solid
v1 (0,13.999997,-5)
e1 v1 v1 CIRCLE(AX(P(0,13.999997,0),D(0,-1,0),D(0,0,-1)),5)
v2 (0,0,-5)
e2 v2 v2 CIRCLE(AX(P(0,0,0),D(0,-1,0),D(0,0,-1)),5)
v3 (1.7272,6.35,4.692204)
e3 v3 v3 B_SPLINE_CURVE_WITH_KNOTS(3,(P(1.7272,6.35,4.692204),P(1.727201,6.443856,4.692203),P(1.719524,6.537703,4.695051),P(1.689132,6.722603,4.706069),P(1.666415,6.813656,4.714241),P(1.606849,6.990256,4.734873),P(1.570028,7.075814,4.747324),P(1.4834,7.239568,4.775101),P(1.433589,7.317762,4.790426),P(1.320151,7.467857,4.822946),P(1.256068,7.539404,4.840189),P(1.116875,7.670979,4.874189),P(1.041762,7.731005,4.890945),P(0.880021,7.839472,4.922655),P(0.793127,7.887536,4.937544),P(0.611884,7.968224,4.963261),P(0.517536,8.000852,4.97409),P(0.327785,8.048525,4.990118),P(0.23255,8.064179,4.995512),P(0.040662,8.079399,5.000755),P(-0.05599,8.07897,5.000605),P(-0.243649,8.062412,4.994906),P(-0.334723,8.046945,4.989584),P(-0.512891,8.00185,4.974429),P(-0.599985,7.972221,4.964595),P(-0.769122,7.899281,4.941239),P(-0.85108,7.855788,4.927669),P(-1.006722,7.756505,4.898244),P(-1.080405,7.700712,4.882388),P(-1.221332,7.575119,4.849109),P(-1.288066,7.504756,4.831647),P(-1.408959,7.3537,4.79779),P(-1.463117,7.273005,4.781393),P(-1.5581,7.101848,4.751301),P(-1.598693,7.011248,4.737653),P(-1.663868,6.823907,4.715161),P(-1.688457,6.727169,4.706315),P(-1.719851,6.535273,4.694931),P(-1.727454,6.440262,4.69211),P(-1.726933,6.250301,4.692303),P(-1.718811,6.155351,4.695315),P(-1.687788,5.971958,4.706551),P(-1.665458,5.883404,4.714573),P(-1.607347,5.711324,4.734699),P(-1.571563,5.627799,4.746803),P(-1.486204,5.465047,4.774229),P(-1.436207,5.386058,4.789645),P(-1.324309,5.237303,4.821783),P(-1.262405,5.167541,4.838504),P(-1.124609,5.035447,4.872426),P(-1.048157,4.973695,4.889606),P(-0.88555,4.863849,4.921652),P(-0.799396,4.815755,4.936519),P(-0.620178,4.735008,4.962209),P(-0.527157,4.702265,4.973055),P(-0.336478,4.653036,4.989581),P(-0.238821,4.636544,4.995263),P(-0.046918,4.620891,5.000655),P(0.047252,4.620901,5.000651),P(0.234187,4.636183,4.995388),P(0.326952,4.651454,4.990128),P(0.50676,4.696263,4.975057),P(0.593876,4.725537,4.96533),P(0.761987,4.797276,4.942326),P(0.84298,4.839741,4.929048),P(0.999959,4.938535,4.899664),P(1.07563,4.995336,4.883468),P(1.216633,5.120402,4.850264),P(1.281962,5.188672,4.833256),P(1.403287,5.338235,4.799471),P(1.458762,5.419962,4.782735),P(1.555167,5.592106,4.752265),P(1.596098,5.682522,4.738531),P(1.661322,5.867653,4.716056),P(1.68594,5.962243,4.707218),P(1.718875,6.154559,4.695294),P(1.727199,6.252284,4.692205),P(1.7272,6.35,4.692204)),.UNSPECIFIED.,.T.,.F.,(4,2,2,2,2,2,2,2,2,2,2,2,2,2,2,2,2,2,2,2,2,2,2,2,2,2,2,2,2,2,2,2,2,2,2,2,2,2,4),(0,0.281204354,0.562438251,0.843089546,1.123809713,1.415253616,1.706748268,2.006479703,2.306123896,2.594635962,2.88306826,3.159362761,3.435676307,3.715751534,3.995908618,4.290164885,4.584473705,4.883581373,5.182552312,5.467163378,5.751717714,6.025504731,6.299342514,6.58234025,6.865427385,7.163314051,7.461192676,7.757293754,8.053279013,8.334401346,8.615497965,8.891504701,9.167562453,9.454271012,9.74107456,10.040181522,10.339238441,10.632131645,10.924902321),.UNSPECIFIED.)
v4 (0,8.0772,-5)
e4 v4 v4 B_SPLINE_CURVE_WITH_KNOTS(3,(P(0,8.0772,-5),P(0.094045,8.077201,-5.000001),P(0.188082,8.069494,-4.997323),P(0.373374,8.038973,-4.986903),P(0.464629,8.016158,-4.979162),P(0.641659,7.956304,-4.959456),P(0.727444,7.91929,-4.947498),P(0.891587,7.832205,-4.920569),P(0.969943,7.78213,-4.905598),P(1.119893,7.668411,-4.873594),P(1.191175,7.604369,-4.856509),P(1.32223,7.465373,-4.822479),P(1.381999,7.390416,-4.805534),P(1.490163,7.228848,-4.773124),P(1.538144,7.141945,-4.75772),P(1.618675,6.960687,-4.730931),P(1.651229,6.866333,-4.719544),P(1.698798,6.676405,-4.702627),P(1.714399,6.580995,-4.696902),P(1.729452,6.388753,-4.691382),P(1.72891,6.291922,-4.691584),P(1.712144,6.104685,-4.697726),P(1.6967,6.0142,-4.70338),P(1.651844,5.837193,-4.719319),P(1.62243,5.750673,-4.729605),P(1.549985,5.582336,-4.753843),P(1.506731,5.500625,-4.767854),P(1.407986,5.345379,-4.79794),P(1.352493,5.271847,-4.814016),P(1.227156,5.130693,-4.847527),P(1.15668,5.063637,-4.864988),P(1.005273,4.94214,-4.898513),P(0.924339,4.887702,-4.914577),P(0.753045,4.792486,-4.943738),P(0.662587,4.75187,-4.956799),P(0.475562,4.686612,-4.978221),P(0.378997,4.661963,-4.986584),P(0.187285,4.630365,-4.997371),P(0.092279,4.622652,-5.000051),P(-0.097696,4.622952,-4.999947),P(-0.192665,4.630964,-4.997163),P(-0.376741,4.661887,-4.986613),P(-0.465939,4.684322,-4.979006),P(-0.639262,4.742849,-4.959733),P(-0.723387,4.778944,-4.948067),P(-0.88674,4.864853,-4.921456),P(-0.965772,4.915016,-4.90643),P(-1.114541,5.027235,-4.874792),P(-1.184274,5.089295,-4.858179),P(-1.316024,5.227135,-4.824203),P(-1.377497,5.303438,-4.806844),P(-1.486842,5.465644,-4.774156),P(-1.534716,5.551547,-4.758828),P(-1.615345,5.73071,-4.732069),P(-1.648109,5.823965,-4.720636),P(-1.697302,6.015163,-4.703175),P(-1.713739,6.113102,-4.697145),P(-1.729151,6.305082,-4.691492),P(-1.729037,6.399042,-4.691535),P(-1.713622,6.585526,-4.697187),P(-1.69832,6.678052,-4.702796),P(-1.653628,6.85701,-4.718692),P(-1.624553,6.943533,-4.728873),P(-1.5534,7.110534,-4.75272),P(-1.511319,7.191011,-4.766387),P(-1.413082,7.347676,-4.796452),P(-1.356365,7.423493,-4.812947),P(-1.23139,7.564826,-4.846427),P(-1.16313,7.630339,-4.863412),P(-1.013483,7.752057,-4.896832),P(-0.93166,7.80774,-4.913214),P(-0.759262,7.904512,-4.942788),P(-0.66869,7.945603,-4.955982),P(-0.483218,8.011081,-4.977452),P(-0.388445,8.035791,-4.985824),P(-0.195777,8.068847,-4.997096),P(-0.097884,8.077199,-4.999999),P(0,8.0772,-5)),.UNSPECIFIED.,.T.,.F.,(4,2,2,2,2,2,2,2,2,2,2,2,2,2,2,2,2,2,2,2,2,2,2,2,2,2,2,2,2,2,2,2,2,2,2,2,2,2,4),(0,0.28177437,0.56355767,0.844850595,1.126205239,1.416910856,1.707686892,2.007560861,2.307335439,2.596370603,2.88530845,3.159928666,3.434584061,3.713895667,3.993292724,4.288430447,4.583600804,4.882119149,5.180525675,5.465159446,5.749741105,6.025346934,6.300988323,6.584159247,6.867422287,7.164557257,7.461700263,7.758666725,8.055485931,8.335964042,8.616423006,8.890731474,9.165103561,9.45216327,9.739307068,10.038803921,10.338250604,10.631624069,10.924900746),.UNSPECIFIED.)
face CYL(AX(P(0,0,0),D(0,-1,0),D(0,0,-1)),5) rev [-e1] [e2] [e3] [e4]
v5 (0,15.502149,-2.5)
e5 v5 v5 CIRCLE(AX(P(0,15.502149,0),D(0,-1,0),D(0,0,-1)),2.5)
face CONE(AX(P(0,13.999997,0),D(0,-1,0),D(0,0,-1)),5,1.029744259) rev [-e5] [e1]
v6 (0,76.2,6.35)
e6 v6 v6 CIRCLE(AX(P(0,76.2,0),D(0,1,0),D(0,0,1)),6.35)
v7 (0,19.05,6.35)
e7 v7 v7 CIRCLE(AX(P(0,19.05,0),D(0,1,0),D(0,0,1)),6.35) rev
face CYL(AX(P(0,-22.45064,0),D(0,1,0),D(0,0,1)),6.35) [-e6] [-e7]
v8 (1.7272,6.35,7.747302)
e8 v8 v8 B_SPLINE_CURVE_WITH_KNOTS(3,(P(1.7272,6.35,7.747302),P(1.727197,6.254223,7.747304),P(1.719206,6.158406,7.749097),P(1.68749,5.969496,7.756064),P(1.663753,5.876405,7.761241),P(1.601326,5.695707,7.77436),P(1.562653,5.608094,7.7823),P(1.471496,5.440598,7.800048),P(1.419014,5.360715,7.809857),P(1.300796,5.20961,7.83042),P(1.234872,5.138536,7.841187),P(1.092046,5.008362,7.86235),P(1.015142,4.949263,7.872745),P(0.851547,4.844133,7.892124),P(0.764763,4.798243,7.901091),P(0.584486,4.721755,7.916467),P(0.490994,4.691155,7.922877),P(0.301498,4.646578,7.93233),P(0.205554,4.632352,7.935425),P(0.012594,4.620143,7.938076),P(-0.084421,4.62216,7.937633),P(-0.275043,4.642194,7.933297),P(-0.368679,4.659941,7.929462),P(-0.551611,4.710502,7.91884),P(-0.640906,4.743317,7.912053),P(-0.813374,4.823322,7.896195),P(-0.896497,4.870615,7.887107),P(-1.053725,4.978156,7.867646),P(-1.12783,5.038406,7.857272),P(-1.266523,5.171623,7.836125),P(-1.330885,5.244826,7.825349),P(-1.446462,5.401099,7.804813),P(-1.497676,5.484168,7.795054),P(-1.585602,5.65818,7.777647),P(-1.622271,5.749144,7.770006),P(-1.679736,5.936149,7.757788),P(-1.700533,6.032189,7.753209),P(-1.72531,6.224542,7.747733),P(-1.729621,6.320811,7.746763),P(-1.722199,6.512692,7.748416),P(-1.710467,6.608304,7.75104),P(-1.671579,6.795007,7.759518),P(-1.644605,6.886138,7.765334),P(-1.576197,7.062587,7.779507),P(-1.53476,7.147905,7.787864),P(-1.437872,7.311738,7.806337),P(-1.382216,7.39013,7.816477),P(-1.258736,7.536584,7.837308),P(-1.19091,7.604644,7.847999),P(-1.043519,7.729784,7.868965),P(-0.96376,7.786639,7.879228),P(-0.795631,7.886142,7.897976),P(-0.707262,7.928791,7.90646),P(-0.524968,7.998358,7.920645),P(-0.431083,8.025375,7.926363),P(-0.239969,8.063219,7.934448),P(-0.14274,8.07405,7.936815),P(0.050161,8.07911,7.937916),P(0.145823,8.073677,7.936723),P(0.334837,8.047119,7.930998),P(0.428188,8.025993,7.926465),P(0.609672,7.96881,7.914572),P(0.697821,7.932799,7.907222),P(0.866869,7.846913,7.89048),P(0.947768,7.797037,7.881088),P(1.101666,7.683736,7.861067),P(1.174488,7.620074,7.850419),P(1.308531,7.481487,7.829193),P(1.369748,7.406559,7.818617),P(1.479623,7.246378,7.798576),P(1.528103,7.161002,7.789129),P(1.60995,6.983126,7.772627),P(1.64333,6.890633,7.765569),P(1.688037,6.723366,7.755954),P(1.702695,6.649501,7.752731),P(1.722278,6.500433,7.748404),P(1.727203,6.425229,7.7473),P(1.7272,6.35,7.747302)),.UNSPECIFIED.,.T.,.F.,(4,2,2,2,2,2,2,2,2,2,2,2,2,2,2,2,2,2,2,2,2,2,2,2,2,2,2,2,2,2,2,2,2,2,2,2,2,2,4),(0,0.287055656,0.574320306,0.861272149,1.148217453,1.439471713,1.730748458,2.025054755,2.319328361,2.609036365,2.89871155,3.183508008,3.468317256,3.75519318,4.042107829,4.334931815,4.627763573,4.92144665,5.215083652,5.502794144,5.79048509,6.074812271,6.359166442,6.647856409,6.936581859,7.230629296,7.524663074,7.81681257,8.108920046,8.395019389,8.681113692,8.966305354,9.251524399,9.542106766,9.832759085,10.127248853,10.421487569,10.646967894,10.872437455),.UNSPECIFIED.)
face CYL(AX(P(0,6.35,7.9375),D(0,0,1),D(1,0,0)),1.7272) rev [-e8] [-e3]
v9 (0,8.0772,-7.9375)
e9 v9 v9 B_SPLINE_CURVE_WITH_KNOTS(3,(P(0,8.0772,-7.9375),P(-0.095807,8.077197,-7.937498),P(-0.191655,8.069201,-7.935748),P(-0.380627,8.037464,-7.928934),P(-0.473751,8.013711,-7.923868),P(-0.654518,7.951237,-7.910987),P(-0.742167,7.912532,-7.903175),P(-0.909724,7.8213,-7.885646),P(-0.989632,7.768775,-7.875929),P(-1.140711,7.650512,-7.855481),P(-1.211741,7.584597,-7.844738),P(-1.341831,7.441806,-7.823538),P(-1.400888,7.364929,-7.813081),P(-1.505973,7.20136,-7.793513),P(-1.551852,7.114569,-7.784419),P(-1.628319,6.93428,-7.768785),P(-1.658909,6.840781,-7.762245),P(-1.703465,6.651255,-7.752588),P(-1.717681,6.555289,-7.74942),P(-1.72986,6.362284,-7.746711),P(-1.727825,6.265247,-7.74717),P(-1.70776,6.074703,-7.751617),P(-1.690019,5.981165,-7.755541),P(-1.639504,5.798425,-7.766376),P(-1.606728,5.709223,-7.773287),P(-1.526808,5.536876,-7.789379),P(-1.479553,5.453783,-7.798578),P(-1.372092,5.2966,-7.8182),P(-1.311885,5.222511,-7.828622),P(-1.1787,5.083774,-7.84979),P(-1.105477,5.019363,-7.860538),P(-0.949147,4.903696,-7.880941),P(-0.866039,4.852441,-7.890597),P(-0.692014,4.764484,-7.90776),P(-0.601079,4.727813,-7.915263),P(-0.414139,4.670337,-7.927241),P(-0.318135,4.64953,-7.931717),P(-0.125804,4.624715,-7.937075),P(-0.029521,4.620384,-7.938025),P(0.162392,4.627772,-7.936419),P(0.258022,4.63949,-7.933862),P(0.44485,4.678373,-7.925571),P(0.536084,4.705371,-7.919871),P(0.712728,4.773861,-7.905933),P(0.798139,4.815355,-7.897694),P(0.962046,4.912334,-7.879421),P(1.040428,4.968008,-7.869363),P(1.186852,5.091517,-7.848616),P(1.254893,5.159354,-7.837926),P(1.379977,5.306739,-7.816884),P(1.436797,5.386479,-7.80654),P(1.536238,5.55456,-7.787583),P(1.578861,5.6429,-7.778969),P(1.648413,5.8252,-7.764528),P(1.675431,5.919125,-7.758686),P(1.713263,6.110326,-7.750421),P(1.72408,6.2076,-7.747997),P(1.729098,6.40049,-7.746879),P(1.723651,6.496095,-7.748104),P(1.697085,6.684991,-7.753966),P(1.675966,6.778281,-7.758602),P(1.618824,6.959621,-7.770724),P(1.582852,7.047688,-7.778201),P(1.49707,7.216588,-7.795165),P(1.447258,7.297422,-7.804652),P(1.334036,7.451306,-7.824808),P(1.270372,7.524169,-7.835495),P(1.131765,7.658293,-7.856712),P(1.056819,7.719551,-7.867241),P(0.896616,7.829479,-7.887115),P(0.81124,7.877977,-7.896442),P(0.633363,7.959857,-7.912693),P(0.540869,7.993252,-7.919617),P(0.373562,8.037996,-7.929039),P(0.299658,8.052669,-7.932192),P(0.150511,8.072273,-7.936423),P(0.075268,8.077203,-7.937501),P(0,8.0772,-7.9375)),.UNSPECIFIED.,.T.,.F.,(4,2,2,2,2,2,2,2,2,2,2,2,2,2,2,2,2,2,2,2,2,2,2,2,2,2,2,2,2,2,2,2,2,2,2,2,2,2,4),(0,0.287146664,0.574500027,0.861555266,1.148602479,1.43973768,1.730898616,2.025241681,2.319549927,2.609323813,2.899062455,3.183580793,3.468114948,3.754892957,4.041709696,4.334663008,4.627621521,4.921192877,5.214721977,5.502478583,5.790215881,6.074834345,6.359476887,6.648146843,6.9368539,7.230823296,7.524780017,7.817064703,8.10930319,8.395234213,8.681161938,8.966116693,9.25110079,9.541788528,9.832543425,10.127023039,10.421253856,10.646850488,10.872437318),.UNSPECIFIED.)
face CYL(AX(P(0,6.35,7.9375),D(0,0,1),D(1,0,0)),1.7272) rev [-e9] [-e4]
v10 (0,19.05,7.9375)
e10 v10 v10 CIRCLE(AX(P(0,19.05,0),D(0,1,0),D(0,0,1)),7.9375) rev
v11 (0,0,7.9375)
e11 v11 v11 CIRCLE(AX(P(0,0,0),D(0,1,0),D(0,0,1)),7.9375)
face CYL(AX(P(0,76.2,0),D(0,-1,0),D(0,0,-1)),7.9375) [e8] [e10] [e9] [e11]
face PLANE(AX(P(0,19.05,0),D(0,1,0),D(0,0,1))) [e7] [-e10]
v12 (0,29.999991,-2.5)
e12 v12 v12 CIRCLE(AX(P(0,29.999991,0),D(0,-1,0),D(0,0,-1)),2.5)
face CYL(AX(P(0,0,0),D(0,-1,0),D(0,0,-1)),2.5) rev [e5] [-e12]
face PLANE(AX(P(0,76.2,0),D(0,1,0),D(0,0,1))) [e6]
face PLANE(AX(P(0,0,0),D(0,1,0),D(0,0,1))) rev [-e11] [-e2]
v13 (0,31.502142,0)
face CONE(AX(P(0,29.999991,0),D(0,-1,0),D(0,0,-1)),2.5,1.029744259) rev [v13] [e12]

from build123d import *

# Parameters (mm, degrees)
SKETCH1_R                      = 7.9375
BOSS_EXTRUDE1_DEPTH            = 76.2
M6X1_0_TAPPED_HOLE1_D          = 5
M6X1_0_TAPPED_HOLE1_DEPTH      = 29.9999908
M6X1_0_TAPPED_HOLE1_TIP        = 1.502151548
F_10_0_10_DIAMETER_HOLE2_D     = 10
F_10_0_10_DIAMETER_HOLE2_DEPTH = 13.9999974
F_10_0_10_DIAMETER_HOLE2_TIP   = 3.004303095
F_8_32_TAPPED_HOLE1_D          = 3.4544
SKETCH15_R                     = 7.9375
SKETCH15_R_2                   = 6.35
CUT_EXTRUDE2_DEPTH             = 57.15


with BuildPart() as part:
    # Sketch1 → Boss-Extrude1 (new body)
    with BuildSketch(Plane(origin=(0, 0, 0), x_dir=(1, 0, 0), z_dir=(0, 1, 0))):
        Circle(SKETCH1_R)
    extrude(amount=BOSS_EXTRUDE1_DEPTH)

    # M6x1.0 Tapped Hole1
    with Locations(Plane(origin=(0, 0, 0), x_dir=(-1, 0, 0), z_dir=(0, -1, 0))):
        with Locations((0, 0)):
            Hole(M6X1_0_TAPPED_HOLE1_D / 2, depth=M6X1_0_TAPPED_HOLE1_DEPTH)
            with Locations((0, 0, -(M6X1_0_TAPPED_HOLE1_DEPTH + M6X1_0_TAPPED_HOLE1_TIP / 2))):  # 118° drill point
                Cone(0, M6X1_0_TAPPED_HOLE1_D / 2, M6X1_0_TAPPED_HOLE1_TIP, mode=Mode.SUBTRACT)

    # Ø10.0 (10) Diameter Hole2
    with Locations(Plane(origin=(0, 0, 0), x_dir=(-1, 0, 0), z_dir=(0, -1, 0))):
        with Locations((0, 0)):
            Hole(F_10_0_10_DIAMETER_HOLE2_D / 2, depth=F_10_0_10_DIAMETER_HOLE2_DEPTH)
            with Locations((0, 0, -(F_10_0_10_DIAMETER_HOLE2_DEPTH + F_10_0_10_DIAMETER_HOLE2_TIP / 2))):  # 118° drill point
                Cone(0, F_10_0_10_DIAMETER_HOLE2_D / 2, F_10_0_10_DIAMETER_HOLE2_TIP, mode=Mode.SUBTRACT)

    # #8-32 Tapped Hole1 (through all)
    with Locations(Plane.XY.offset(7.9375)):
        with Locations((0, 6.35)):
            Hole(F_8_32_TAPPED_HOLE1_D / 2)

    # Sketch15 → Cut-Extrude2 (cut)
    with BuildSketch(Plane(origin=(0, 76.2, 0), x_dir=(1, 0, 0), z_dir=(0, 1, 0))):
        Circle(SKETCH15_R)
        Circle(SKETCH15_R_2, mode=Mode.SUBTRACT)
    extrude(amount=-CUT_EXTRUDE2_DEPTH, mode=Mode.SUBTRACT)


solid = part.part
